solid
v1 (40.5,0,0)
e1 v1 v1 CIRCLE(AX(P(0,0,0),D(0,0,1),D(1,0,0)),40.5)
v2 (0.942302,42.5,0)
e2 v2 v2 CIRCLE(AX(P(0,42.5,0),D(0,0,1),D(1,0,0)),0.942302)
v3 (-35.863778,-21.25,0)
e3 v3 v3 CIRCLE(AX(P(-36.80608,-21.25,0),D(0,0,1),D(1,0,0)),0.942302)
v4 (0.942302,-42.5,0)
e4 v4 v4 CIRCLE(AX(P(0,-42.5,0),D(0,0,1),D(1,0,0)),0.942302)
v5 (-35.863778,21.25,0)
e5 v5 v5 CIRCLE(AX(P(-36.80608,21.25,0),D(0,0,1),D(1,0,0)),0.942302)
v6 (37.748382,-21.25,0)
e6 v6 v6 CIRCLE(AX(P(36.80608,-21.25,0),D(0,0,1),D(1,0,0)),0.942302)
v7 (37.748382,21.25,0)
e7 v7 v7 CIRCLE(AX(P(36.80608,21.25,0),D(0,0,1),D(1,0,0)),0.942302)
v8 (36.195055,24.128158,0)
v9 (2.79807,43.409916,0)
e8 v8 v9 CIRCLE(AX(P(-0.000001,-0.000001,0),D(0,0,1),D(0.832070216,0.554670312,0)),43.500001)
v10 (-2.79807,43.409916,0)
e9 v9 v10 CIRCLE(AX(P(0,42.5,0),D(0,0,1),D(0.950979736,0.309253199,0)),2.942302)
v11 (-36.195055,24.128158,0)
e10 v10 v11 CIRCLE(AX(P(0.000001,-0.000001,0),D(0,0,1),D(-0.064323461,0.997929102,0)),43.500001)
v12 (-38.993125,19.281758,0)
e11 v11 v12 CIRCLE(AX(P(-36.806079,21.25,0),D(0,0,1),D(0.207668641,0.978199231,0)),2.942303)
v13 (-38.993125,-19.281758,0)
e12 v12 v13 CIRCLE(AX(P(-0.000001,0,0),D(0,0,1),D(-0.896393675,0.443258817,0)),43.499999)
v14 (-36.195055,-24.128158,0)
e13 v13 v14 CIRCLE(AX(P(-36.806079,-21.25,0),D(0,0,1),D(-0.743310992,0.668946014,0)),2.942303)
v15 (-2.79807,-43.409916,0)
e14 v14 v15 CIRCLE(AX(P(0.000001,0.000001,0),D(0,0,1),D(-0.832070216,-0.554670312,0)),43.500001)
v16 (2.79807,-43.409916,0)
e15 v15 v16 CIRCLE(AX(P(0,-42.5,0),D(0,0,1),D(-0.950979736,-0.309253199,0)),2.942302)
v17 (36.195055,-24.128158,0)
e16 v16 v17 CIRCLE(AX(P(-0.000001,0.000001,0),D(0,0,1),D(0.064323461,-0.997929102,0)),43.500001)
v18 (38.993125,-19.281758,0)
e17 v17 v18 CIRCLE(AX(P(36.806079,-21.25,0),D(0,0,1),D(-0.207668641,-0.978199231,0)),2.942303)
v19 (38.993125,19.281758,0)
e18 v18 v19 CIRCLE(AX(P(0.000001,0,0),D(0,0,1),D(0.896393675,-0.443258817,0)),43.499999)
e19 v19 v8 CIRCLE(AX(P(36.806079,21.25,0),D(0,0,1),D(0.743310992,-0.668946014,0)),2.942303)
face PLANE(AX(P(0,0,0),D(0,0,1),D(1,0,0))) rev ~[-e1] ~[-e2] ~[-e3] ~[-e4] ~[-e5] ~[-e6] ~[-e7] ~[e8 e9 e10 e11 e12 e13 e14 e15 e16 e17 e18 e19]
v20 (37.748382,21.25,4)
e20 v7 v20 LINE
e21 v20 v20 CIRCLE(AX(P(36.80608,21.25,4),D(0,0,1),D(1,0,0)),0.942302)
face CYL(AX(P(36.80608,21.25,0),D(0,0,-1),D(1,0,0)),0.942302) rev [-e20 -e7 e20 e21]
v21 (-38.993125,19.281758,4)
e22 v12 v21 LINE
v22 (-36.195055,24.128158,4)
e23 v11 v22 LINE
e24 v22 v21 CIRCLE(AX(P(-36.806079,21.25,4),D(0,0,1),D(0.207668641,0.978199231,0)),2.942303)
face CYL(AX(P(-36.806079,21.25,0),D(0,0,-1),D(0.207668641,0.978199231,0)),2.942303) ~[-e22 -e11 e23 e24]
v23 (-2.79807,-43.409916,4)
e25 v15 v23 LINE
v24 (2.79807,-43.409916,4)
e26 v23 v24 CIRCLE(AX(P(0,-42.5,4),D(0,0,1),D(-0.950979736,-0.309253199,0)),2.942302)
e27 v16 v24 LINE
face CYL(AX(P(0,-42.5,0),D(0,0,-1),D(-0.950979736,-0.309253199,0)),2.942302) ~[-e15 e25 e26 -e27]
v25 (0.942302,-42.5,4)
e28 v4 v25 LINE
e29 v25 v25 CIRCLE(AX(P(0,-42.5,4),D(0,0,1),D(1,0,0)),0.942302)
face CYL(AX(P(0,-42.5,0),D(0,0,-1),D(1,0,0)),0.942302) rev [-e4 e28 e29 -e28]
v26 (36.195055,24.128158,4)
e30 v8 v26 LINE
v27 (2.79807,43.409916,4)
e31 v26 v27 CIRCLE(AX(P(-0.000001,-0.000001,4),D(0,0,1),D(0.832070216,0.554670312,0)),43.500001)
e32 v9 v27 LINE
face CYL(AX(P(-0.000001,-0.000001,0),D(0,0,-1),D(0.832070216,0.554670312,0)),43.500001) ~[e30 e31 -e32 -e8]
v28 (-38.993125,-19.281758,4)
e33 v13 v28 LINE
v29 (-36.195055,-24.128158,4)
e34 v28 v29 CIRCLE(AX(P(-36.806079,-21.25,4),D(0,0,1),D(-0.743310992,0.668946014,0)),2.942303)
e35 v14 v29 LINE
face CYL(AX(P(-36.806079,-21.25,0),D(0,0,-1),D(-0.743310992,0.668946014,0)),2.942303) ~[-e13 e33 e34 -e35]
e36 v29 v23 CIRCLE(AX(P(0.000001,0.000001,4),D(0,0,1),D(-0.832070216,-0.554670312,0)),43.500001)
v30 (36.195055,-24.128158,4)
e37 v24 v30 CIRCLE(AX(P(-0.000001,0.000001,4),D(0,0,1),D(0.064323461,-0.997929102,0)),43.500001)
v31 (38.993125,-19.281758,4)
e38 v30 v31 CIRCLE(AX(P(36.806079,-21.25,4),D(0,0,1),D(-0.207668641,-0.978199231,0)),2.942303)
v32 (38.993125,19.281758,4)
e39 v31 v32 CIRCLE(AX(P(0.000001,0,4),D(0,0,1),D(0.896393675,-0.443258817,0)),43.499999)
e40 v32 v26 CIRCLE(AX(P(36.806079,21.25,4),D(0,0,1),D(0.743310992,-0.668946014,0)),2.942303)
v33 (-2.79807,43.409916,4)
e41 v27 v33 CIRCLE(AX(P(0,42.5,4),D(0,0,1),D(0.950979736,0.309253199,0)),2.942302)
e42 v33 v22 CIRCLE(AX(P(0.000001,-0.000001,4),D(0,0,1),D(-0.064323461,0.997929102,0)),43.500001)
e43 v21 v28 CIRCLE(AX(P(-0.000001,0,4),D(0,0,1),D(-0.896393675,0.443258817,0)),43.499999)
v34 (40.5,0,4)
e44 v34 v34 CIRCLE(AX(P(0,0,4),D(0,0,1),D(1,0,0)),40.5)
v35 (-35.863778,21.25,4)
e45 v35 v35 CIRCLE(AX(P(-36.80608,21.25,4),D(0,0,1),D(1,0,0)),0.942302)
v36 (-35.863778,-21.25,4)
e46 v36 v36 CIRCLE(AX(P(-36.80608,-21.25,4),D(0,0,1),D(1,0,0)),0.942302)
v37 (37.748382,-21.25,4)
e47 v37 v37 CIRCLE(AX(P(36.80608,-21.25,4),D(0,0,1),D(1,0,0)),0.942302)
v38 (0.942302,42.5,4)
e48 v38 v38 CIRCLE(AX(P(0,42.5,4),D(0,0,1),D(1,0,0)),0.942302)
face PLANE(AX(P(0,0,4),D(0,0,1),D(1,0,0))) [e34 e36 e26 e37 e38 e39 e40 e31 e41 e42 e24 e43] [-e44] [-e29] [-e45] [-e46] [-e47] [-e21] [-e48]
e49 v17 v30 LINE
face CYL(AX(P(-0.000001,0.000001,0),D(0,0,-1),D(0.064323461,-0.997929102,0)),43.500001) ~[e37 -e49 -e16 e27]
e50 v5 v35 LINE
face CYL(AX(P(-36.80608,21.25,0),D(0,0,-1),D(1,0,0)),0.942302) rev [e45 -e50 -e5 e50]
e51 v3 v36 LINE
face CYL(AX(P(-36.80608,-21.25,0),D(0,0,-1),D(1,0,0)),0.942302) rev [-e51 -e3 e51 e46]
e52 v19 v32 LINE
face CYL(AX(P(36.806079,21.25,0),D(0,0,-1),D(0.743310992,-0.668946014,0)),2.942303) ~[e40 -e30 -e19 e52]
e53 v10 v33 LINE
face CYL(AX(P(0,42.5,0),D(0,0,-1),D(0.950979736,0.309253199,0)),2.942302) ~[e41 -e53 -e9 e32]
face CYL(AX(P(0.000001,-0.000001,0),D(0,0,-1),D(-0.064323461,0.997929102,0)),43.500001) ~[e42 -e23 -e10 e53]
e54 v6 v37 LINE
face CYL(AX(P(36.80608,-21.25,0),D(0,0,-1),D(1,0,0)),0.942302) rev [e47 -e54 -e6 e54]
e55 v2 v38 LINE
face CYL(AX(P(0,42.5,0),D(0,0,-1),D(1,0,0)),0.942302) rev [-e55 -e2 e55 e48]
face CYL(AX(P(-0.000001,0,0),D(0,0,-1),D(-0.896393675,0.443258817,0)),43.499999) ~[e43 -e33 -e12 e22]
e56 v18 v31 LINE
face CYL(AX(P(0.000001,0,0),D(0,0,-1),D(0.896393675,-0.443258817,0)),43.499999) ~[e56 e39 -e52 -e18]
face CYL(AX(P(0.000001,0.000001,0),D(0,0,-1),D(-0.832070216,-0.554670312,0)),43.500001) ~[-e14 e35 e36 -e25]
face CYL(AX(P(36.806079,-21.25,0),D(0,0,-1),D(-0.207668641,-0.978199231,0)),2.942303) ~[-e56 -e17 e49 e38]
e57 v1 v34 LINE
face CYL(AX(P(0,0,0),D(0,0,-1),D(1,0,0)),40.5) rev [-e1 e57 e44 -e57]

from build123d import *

# Parameters (mm, degrees)
F0_R     = 0.942302
F0_R_2   = 40.5
F1_DEPTH = 4


with BuildPart() as f1:
    # F0 (on Top) → F1 (new body)
    with BuildSketch(Plane.XY):
        with BuildLine():
            ThreePointArc((2.79807, 43.409916), (0, 45.442302), (-2.79807, 43.409916))
            ThreePointArc((-2.79807, 43.409916), (-21.75, 37.672105), (-36.195055, 24.128158))
            ThreePointArc((-36.195055, 24.128158), (-39.354188, 22.721151), (-38.993125, 19.281758))
            ThreePointArc((-38.993125, 19.281758), (-43.5, 0), (-38.993125, -19.281758))
            ThreePointArc((-38.993125, -19.281758), (-39.354188, -22.721151), (-36.195055, -24.128158))
            ThreePointArc((-36.195055, -24.128158), (-21.75, -37.672105), (-2.79807, -43.409916))
            ThreePointArc((-2.79807, -43.409916), (0, -45.442302), (2.79807, -43.409916))
            ThreePointArc((2.79807, -43.409916), (21.75, -37.672105), (36.195055, -24.128158))
            ThreePointArc((36.195055, -24.128158), (39.354188, -22.721151), (38.993125, -19.281758))
            ThreePointArc((38.993125, -19.281758), (43.5, 0), (38.993125, 19.281758))
            ThreePointArc((38.993125, 19.281758), (39.354188, 22.721151), (36.195055, 24.128158))
            ThreePointArc((36.195055, 24.128158), (21.75, 37.672105), (2.79807, 43.409916))
        make_face()
        with Locations((-36.80608, -21.25)):
            Circle(F0_R, mode=Mode.SUBTRACT)
        with Locations((0, -42.5)):
            Circle(F0_R, mode=Mode.SUBTRACT)
        with Locations((36.80608, -21.25)):
            Circle(F0_R, mode=Mode.SUBTRACT)
        with Locations((-36.80608, 21.25)):
            Circle(F0_R, mode=Mode.SUBTRACT)
        Circle(F0_R_2, mode=Mode.SUBTRACT)
        with Locations((36.80608, 21.25)):
            Circle(F0_R, mode=Mode.SUBTRACT)
        with Locations((0, 42.5)):
            Circle(F0_R, mode=Mode.SUBTRACT)
    extrude(amount=F1_DEPTH)


solid = f1.part
